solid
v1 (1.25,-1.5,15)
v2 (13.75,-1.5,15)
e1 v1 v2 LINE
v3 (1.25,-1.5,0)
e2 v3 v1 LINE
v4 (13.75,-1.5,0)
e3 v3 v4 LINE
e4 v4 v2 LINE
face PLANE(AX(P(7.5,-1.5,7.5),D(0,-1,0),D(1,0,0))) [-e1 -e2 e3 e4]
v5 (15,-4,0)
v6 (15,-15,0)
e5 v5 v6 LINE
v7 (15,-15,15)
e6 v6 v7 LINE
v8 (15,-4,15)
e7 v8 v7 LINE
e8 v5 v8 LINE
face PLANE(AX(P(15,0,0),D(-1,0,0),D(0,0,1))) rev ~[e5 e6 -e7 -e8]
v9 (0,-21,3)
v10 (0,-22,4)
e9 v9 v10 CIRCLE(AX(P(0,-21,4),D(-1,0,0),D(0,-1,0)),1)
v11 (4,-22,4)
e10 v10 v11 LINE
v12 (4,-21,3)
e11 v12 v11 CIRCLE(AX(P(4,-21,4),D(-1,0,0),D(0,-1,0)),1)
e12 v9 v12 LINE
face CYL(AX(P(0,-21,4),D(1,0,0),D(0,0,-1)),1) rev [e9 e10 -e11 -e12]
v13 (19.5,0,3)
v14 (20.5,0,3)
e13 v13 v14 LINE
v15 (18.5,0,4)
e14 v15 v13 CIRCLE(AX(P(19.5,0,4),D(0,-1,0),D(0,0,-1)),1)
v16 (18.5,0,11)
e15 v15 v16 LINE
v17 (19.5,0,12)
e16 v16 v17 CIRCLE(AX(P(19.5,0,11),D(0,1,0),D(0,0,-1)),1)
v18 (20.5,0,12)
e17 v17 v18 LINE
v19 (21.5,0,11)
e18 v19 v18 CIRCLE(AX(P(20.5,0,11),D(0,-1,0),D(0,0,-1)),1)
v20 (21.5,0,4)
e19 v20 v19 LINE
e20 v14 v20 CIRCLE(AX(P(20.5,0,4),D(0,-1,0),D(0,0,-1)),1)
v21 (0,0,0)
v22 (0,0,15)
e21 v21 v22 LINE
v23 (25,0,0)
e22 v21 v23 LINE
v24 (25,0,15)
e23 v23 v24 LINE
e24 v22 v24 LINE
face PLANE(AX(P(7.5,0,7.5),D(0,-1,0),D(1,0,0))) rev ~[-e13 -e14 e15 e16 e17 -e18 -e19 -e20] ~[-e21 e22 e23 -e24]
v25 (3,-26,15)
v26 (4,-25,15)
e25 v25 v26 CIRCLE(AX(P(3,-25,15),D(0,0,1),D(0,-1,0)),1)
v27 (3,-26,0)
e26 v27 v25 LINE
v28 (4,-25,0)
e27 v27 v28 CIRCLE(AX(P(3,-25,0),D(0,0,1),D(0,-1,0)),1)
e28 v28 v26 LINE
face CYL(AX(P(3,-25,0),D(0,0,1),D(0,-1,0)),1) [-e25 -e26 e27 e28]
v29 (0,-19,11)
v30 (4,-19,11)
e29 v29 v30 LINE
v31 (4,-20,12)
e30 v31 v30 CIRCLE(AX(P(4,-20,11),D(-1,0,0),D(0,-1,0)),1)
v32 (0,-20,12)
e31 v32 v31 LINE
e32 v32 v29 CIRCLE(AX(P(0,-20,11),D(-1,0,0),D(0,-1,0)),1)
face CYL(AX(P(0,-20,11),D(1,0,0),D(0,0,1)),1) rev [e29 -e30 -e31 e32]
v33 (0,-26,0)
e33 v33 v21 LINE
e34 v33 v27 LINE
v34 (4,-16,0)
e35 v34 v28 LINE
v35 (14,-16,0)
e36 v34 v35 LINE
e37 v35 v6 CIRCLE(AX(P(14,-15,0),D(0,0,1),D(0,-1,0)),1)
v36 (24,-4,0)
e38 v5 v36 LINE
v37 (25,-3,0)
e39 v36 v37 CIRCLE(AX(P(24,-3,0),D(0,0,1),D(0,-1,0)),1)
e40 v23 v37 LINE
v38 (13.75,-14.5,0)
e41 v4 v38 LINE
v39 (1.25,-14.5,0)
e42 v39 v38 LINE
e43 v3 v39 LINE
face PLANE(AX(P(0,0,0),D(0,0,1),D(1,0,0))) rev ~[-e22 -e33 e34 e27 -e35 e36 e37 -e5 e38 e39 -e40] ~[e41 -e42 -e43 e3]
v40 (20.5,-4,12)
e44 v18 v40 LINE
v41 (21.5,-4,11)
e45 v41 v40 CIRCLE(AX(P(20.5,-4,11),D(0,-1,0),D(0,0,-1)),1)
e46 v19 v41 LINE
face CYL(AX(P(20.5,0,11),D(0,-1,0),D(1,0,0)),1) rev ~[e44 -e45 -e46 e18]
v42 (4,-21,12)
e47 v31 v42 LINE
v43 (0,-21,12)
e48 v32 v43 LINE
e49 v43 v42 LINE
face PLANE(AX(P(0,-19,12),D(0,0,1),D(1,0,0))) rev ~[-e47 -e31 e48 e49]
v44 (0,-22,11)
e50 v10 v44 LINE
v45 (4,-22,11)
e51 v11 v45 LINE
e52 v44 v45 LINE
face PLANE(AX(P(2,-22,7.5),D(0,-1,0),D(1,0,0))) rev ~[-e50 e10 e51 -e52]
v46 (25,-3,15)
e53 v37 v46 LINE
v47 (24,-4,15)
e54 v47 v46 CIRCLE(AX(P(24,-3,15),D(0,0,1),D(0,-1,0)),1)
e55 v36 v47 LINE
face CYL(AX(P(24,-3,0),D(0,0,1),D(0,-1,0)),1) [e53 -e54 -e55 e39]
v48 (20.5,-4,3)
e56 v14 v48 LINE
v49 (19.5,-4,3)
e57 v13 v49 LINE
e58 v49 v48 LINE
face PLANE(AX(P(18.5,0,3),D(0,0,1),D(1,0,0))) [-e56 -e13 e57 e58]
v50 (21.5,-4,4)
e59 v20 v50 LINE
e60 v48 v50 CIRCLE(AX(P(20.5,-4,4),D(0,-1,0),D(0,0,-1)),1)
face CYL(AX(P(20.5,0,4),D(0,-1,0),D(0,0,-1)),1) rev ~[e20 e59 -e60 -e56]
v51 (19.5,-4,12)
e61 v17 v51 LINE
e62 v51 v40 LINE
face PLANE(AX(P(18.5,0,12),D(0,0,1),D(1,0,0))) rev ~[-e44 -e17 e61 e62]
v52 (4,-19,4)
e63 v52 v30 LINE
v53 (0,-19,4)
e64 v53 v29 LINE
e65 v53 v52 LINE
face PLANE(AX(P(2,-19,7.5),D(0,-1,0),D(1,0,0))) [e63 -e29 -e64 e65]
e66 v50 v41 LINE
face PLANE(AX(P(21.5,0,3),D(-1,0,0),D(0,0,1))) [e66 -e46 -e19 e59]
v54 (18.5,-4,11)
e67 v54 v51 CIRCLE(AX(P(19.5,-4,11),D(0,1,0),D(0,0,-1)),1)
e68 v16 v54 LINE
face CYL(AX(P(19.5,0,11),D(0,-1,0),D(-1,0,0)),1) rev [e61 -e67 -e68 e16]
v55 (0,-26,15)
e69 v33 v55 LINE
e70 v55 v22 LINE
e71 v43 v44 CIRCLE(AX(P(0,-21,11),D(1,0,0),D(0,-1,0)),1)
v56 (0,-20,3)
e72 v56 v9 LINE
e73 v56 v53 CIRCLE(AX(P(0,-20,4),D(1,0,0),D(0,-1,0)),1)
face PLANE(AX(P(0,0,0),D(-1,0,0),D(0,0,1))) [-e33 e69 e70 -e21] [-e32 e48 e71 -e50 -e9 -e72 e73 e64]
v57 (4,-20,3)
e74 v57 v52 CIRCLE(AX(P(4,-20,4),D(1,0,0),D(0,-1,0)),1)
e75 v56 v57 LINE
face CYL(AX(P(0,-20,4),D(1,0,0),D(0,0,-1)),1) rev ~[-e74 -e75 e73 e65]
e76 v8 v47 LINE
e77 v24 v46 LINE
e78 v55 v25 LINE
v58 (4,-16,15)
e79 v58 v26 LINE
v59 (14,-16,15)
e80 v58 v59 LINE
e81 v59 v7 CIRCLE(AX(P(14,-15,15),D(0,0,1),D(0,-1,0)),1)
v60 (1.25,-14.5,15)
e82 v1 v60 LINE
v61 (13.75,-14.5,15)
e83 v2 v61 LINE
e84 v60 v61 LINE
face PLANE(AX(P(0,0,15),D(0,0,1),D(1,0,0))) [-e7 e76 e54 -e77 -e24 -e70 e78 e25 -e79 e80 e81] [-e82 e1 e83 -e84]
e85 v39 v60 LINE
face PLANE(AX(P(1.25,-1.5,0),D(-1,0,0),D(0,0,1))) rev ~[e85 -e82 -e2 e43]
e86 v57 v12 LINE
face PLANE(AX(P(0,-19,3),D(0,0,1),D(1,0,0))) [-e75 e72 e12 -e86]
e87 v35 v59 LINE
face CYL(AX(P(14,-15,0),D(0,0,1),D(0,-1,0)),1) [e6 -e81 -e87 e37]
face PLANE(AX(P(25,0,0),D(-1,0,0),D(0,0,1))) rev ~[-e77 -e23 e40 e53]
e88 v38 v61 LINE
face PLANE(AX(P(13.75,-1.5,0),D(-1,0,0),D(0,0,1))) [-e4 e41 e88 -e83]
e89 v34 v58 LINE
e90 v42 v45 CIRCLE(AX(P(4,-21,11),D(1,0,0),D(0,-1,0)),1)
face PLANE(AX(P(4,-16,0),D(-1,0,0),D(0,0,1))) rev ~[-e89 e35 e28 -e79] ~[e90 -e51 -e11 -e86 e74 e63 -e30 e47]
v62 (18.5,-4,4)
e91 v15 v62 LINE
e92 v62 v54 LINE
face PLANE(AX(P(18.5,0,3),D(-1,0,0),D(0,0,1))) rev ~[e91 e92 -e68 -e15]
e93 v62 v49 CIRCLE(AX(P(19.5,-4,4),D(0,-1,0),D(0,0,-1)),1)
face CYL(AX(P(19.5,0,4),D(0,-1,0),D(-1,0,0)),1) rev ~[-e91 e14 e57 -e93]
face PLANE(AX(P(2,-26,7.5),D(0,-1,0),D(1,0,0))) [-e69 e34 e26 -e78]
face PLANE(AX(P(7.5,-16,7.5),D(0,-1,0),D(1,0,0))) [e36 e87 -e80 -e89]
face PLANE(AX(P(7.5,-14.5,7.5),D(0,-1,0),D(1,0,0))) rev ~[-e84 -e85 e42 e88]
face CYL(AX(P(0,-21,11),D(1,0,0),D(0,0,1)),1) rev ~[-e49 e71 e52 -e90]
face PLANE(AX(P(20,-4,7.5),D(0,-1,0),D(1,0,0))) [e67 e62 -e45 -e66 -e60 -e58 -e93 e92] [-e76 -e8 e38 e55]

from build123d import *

# Parameters (mm, degrees)
BOX005_W          = 3
BOX005_H          = 9
BOX005_DEPTH      = 4
FILLET001_R       = 1
BOX003_W          = 10
BOX003_H          = 15
BOX003_DEPTH      = 4
FILLET003_R       = 1
BOX001_W          = 12.5
BOX001_H          = 15
BOX001_DEPTH      = 13
BOX_W             = 15
BOX_H             = 15
BOX_DEPTH         = 16
FILLET004_R       = 1
BOX004_W          = 4
BOX004_H          = 9
BOX004_DEPTH      = 3
FILLET_R          = 1
BOX002_W          = 4
BOX002_H          = 15
BOX002_DEPTH      = 10
FILLET002_R       = 1
FUSION_ROLL_ANGLE = 90


with BuildPart() as fillet001:
    # Box005 → Box005 (new body)
    with BuildSketch(Plane(origin=(18.5, 3, 0), x_dir=(1, 0, 0), z_dir=(0, 0, 1))):
        with Locations((1.5, 4.5)):
            Rectangle(BOX005_W, BOX005_H)
    extrude(amount=BOX005_DEPTH)

    # Fillet001
    fillet001_edges = [fillet001.edges().sort_by_distance(p)[0] for p in [
        (18.5, 3, 2),
        (18.5, 12, 2),
        (21.5, 3, 2),
        (21.5, 12, 2),
    ]]
    fillet(fillet001_edges, radius=FILLET001_R)


with BuildPart() as fillet003:
    # Box003 → Box003 (new body)
    with BuildSketch(Plane(origin=(15, 0, 0), x_dir=(1, 0, 0), z_dir=(0, 0, 1))):
        with Locations((5, 7.5)):
            Rectangle(BOX003_W, BOX003_H)
    extrude(amount=BOX003_DEPTH)

    # Cut002: cut Fillet001
    add(fillet001.part, mode=Mode.SUBTRACT)

    # Fillet003
    fillet003_edges = [fillet003.edges().sort_by_distance(p)[0] for p in [
        (25, 7.5, 4),
    ]]
    fillet(fillet003_edges, radius=FILLET003_R)


with BuildPart() as cube001:
    # Box001 → Box001 (new body)
    with BuildSketch(Plane(origin=(1.25, 0, 1.5), x_dir=(1, 0, 0), z_dir=(0, 0, 1))):
        with Locations((6.25, 7.5)):
            Rectangle(BOX001_W, BOX001_H)
    extrude(amount=BOX001_DEPTH)


with BuildPart() as fillet004:
    # Box → Box (new body)
    with BuildSketch(Plane.XY):
        with Locations((7.5, 7.5)):
            Rectangle(BOX_W, BOX_H)
    extrude(amount=BOX_DEPTH)

    # Cut: cut Cube001
    add(cube001.part, mode=Mode.SUBTRACT)

    # Fillet004
    fillet004_edges = [fillet004.edges().sort_by_distance(p)[0] for p in [
        (15, 7.5, 16),
    ]]
    fillet(fillet004_edges, radius=FILLET004_R)


with BuildPart() as fillet_body:
    # Box004 → Box004 (new body)
    with BuildSketch(Plane(origin=(0, 3, 19), x_dir=(1, 0, 0), z_dir=(0, 0, 1))):
        with Locations((2, 4.5)):
            Rectangle(BOX004_W, BOX004_H)
    extrude(amount=BOX004_DEPTH)

    # Fillet
    fillet_edges = [fillet_body.edges().sort_by_distance(p)[0] for p in [
        (2, 3, 19),
        (2, 3, 22),
        (2, 12, 19),
        (2, 12, 22),
    ]]
    fillet(fillet_edges, radius=FILLET_R)


with BuildPart() as fusion:
    # Box002 → Box002 (new body)
    with BuildSketch(Plane.XY.offset(16)):
        with Locations((2, 7.5)):
            Rectangle(BOX002_W, BOX002_H)
    extrude(amount=BOX002_DEPTH)

    # Cut001: cut Fillet body
    add(fillet_body.part, mode=Mode.SUBTRACT)

    # Fillet002
    fillet002_edges = [fusion.edges().sort_by_distance(p)[0] for p in [
        (4, 7.5, 26),
    ]]
    fillet(fillet002_edges, radius=FILLET002_R)

    # Fusion: union Fillet003, Fillet004
    add(fillet003.part)
    add(fillet004.part)


with BuildPart() as fusion_1:
    # Fusion roll: moved
    add(fusion.part.rotate(Axis((0, 0, 0), (1, 0, 0)), FUSION_ROLL_ANGLE))


with BuildPart() as fusion_2:
    # Fusion placement: moved
    add(fusion_1.part)


solid = fusion_2.part
